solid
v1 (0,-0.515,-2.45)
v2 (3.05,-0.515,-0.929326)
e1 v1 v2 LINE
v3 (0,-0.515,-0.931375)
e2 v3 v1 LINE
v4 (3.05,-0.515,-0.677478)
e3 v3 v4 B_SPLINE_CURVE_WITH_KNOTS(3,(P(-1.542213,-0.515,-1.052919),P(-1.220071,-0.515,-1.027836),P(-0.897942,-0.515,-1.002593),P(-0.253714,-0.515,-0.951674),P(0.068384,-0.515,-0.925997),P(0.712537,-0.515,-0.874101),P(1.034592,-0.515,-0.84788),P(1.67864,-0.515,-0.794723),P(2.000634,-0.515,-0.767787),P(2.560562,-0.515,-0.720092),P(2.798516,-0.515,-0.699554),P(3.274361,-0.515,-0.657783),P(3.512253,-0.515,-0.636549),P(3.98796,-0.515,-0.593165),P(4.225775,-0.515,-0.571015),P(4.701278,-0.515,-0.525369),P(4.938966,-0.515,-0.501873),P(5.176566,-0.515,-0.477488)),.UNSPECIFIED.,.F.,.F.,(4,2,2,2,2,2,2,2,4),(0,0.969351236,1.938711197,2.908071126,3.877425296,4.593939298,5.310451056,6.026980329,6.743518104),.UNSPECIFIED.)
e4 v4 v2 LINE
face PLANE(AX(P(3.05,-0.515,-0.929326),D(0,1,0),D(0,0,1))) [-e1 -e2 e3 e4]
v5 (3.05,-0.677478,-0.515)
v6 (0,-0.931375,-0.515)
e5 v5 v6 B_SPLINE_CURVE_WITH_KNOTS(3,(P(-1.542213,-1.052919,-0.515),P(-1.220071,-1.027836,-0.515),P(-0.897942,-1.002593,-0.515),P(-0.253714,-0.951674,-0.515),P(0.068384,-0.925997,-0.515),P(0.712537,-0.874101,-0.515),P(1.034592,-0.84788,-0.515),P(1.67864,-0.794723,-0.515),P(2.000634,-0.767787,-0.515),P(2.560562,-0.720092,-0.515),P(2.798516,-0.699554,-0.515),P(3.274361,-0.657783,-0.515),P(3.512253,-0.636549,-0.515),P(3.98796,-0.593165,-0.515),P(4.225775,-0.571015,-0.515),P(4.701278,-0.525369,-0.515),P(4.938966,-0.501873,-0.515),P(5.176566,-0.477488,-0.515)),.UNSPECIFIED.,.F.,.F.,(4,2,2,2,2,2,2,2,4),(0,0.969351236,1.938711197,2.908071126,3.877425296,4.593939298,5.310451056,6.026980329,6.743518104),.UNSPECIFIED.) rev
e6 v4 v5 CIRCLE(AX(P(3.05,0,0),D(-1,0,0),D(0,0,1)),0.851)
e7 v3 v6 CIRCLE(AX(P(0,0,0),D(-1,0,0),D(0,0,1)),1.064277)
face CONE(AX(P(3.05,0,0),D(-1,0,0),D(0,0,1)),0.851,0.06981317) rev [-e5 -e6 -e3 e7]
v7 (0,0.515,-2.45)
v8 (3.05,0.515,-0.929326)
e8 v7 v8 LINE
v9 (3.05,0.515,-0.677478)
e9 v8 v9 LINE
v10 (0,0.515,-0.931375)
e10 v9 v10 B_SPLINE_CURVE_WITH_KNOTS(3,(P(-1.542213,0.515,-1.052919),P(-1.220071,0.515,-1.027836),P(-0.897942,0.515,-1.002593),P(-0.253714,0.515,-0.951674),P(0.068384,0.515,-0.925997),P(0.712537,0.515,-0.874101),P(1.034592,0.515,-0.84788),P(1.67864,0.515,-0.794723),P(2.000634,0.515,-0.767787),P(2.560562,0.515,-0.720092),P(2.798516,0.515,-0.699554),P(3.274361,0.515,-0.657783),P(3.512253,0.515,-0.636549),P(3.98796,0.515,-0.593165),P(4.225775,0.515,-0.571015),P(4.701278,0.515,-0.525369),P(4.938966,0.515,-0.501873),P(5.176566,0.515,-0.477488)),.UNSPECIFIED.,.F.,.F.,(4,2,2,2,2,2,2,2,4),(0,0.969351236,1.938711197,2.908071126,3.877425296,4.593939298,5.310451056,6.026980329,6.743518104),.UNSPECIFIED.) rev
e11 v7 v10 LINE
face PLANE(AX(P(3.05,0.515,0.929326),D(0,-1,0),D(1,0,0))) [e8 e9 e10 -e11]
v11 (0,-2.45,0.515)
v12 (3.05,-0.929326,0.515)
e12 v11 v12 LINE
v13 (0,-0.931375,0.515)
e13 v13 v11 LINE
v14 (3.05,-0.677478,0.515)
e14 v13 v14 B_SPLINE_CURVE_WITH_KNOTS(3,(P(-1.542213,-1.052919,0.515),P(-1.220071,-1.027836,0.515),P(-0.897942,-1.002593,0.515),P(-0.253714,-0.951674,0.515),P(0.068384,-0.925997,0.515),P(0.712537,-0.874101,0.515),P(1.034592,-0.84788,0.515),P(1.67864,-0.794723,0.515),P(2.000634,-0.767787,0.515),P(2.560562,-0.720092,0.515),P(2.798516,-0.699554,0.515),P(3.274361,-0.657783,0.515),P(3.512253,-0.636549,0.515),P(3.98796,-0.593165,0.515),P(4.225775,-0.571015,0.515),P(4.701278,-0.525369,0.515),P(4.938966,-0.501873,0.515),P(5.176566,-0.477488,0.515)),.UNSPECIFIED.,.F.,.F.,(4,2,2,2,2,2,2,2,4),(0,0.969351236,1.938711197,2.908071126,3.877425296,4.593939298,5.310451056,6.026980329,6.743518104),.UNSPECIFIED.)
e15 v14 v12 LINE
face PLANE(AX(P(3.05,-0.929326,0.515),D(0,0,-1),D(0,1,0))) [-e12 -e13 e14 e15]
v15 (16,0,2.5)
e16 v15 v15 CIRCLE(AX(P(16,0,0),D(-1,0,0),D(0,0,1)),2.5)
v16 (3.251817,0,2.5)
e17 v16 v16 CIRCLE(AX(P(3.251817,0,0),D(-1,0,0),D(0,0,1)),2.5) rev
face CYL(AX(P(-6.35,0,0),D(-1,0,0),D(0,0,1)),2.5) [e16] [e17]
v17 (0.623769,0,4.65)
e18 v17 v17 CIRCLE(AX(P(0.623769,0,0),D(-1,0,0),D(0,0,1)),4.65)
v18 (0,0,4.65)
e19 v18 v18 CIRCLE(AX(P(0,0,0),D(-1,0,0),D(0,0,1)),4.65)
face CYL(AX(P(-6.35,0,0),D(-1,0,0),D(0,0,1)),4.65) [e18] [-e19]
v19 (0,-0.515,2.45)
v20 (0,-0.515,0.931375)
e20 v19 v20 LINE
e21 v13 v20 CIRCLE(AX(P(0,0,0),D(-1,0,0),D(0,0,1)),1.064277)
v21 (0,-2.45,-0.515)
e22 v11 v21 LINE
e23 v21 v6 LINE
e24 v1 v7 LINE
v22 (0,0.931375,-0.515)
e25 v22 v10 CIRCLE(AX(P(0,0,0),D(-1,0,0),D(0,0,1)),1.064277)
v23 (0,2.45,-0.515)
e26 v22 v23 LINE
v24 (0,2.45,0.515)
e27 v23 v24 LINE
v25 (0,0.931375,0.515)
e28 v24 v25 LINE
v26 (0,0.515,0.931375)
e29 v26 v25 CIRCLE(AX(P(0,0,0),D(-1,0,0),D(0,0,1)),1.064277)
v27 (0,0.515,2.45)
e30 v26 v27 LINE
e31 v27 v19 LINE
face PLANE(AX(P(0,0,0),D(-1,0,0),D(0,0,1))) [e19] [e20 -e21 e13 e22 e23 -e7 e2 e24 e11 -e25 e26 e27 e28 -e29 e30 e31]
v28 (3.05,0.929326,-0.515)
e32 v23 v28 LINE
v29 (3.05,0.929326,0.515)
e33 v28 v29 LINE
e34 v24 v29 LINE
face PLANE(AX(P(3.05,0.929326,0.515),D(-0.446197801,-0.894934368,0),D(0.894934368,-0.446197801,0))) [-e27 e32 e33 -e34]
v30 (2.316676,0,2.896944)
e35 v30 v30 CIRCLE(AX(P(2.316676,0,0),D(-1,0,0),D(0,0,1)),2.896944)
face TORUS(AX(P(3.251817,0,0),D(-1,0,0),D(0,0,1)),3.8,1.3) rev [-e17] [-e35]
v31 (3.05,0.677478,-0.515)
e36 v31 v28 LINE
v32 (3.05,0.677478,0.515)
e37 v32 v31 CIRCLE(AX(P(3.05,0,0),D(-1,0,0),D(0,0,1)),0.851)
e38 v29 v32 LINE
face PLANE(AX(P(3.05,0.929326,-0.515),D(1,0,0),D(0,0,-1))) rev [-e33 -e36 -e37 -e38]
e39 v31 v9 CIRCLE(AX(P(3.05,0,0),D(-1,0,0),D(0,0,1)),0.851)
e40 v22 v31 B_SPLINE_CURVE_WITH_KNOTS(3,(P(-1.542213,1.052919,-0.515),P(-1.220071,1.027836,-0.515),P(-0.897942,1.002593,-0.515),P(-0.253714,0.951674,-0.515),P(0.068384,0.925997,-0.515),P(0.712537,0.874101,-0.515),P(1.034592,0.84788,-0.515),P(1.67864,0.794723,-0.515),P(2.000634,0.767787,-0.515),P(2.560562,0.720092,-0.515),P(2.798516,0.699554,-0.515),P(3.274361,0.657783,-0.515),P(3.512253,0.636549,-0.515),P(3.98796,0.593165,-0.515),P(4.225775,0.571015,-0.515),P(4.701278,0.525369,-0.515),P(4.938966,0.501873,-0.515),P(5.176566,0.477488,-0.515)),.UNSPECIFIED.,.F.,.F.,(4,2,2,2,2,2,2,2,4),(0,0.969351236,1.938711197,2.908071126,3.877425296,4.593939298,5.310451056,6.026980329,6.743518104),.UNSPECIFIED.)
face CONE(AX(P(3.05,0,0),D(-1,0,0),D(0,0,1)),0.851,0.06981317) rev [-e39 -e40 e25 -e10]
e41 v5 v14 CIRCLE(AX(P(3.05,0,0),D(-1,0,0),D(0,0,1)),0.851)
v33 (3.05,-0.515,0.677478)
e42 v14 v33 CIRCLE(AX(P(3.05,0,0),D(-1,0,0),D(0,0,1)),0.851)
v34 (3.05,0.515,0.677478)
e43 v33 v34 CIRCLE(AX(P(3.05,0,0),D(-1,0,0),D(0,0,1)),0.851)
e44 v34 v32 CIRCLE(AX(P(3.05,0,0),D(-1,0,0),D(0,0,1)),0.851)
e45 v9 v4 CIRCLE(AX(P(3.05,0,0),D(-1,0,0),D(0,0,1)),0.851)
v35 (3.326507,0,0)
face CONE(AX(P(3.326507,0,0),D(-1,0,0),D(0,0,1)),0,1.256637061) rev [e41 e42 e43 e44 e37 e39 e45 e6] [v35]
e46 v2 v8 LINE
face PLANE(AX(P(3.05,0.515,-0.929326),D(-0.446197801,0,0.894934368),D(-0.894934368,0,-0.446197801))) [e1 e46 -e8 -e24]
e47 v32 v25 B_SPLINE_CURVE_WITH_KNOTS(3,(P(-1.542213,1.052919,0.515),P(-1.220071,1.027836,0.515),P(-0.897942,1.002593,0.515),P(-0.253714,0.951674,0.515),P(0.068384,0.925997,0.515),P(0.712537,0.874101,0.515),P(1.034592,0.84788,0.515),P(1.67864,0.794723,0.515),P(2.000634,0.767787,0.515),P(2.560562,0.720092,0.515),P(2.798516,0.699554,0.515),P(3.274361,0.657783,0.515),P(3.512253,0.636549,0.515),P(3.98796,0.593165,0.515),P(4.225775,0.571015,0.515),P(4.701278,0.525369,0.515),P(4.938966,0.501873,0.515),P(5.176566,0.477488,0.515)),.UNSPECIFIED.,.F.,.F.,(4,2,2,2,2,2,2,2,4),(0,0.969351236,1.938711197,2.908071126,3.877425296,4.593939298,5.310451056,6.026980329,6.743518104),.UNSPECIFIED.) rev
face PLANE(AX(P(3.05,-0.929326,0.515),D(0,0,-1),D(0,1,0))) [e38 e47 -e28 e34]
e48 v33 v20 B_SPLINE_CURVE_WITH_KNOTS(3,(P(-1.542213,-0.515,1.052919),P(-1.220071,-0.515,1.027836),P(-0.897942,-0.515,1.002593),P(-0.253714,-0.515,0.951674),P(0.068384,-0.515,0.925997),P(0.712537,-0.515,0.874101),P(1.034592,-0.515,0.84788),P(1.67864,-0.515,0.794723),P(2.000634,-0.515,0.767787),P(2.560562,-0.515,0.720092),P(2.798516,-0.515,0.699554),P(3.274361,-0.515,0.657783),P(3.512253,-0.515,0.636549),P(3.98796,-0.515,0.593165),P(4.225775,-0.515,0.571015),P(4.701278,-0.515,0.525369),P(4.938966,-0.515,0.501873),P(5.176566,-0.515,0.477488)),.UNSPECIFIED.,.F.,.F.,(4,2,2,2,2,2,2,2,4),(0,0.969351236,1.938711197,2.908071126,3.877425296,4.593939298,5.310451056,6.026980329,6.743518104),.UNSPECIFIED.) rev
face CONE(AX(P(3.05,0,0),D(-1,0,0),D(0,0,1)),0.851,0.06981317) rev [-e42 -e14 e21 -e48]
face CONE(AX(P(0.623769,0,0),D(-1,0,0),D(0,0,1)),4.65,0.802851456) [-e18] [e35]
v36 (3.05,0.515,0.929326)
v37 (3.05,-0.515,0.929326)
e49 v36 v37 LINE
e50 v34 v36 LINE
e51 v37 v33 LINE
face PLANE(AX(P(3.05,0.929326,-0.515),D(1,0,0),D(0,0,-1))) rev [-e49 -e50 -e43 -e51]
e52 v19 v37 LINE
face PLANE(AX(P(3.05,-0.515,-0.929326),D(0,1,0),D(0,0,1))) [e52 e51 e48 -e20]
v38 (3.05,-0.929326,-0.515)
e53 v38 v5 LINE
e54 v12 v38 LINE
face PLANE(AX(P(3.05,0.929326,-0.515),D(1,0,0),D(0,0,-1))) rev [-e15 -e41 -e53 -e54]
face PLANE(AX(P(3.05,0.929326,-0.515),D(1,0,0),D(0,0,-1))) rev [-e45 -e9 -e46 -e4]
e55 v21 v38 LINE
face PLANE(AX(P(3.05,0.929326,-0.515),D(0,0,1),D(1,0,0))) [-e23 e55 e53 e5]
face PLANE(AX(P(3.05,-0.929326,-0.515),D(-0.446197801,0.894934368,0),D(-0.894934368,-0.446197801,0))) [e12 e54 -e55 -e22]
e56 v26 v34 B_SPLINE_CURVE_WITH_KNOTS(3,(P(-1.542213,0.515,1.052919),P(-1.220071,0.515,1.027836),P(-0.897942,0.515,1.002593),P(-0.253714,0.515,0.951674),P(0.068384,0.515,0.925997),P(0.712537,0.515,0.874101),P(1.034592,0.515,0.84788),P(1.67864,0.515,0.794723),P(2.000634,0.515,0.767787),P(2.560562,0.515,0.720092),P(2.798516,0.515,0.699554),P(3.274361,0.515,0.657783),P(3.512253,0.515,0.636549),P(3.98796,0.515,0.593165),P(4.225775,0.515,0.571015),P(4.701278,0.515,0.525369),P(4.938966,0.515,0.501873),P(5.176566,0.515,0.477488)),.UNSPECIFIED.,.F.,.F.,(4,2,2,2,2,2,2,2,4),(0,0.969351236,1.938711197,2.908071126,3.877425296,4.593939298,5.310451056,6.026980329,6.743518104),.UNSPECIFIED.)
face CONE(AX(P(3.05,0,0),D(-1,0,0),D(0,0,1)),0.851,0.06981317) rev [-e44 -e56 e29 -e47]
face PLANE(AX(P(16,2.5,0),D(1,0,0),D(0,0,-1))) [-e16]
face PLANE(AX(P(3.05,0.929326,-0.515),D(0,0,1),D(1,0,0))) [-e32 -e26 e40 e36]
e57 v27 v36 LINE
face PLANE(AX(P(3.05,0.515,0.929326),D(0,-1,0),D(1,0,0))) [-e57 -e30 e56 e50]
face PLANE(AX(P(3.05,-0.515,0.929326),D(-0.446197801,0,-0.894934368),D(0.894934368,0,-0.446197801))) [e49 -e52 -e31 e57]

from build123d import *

# Parameters (mm, degrees)
FILLET1_R    = 1.3
RECPAT_COUNT = 2
RECPAT_ANGLE = 90


with BuildPart() as part:
    # BodySke → Base-Revolve (revolve)
    with BuildSketch(Plane.XY, mode=Mode.PRIVATE) as base_revolve_sk:
        Polygon((0, 0), (0, 4.65), (0.623769134, 4.65), (2.7, 2.5), (16, 2.5), (16, 0), align=None)
    revolve(base_revolve_sk.sketch.rotate(Axis((-6.35, 0, 0), (1, 0, 0)), 90), axis=Axis((-6.35, 0, 0), (1, 0, 0)))

    # Fillet1
    fillet1_edges = [part.edges().sort_by_distance(p)[0] for p in [
        (2.7, 0, -2.5),
    ]]
    fillet(fillet1_edges, radius=FILLET1_R)

    # Sketch3 → Recess section 0
    with BuildSketch(Plane.ZY):
        with BuildLine():
            Line((-0.515, 2.45), (0.515, 2.45))
            Line((0.515, 2.45), (0.515, -2.45))
            Line((0.515, -2.45), (-0.515, -2.45))
            Line((-0.515, -2.45), (-0.515, 2.45))
        make_face()
    # Sketch4 → Recess section 1
    with BuildSketch(Plane.ZY.offset(-3.05)):
        with BuildLine():
            Line((-0.515, 0.929326148), (0.515, 0.929326148))
            Line((0.515, 0.929326148), (0.515, -0.929326148))
            Line((0.515, -0.929326148), (-0.515, -0.929326148))
            Line((-0.515, -0.929326148), (-0.515, 0.929326148))
        make_face()
    recess = loft(mode=Mode.SUBTRACT)

    # RecPat: Recess ×2 about axis
    recpat_axis = Axis((-6.35, 0, 0), (1, 0, 0))
    for i in range(1, RECPAT_COUNT):
        add(recess.rotate(recpat_axis, i * RECPAT_ANGLE / (RECPAT_COUNT - 1)), mode=Mode.SUBTRACT)

    # RecCorSke → RecessCore (revolve, cut)
    with BuildSketch(Plane.XY, mode=Mode.PRIVATE) as recesscore_sk:
        Polygon((0, 0), (0, 1.064276776), (3.05, 0.851), (3.326506661, 0), align=None)
    revolve(recesscore_sk.sketch.rotate(Axis((-3.175, 0, 0), (1, 0, 0)), 90), axis=Axis((-3.175, 0, 0), (1, 0, 0)), mode=Mode.SUBTRACT)


solid = part.part
